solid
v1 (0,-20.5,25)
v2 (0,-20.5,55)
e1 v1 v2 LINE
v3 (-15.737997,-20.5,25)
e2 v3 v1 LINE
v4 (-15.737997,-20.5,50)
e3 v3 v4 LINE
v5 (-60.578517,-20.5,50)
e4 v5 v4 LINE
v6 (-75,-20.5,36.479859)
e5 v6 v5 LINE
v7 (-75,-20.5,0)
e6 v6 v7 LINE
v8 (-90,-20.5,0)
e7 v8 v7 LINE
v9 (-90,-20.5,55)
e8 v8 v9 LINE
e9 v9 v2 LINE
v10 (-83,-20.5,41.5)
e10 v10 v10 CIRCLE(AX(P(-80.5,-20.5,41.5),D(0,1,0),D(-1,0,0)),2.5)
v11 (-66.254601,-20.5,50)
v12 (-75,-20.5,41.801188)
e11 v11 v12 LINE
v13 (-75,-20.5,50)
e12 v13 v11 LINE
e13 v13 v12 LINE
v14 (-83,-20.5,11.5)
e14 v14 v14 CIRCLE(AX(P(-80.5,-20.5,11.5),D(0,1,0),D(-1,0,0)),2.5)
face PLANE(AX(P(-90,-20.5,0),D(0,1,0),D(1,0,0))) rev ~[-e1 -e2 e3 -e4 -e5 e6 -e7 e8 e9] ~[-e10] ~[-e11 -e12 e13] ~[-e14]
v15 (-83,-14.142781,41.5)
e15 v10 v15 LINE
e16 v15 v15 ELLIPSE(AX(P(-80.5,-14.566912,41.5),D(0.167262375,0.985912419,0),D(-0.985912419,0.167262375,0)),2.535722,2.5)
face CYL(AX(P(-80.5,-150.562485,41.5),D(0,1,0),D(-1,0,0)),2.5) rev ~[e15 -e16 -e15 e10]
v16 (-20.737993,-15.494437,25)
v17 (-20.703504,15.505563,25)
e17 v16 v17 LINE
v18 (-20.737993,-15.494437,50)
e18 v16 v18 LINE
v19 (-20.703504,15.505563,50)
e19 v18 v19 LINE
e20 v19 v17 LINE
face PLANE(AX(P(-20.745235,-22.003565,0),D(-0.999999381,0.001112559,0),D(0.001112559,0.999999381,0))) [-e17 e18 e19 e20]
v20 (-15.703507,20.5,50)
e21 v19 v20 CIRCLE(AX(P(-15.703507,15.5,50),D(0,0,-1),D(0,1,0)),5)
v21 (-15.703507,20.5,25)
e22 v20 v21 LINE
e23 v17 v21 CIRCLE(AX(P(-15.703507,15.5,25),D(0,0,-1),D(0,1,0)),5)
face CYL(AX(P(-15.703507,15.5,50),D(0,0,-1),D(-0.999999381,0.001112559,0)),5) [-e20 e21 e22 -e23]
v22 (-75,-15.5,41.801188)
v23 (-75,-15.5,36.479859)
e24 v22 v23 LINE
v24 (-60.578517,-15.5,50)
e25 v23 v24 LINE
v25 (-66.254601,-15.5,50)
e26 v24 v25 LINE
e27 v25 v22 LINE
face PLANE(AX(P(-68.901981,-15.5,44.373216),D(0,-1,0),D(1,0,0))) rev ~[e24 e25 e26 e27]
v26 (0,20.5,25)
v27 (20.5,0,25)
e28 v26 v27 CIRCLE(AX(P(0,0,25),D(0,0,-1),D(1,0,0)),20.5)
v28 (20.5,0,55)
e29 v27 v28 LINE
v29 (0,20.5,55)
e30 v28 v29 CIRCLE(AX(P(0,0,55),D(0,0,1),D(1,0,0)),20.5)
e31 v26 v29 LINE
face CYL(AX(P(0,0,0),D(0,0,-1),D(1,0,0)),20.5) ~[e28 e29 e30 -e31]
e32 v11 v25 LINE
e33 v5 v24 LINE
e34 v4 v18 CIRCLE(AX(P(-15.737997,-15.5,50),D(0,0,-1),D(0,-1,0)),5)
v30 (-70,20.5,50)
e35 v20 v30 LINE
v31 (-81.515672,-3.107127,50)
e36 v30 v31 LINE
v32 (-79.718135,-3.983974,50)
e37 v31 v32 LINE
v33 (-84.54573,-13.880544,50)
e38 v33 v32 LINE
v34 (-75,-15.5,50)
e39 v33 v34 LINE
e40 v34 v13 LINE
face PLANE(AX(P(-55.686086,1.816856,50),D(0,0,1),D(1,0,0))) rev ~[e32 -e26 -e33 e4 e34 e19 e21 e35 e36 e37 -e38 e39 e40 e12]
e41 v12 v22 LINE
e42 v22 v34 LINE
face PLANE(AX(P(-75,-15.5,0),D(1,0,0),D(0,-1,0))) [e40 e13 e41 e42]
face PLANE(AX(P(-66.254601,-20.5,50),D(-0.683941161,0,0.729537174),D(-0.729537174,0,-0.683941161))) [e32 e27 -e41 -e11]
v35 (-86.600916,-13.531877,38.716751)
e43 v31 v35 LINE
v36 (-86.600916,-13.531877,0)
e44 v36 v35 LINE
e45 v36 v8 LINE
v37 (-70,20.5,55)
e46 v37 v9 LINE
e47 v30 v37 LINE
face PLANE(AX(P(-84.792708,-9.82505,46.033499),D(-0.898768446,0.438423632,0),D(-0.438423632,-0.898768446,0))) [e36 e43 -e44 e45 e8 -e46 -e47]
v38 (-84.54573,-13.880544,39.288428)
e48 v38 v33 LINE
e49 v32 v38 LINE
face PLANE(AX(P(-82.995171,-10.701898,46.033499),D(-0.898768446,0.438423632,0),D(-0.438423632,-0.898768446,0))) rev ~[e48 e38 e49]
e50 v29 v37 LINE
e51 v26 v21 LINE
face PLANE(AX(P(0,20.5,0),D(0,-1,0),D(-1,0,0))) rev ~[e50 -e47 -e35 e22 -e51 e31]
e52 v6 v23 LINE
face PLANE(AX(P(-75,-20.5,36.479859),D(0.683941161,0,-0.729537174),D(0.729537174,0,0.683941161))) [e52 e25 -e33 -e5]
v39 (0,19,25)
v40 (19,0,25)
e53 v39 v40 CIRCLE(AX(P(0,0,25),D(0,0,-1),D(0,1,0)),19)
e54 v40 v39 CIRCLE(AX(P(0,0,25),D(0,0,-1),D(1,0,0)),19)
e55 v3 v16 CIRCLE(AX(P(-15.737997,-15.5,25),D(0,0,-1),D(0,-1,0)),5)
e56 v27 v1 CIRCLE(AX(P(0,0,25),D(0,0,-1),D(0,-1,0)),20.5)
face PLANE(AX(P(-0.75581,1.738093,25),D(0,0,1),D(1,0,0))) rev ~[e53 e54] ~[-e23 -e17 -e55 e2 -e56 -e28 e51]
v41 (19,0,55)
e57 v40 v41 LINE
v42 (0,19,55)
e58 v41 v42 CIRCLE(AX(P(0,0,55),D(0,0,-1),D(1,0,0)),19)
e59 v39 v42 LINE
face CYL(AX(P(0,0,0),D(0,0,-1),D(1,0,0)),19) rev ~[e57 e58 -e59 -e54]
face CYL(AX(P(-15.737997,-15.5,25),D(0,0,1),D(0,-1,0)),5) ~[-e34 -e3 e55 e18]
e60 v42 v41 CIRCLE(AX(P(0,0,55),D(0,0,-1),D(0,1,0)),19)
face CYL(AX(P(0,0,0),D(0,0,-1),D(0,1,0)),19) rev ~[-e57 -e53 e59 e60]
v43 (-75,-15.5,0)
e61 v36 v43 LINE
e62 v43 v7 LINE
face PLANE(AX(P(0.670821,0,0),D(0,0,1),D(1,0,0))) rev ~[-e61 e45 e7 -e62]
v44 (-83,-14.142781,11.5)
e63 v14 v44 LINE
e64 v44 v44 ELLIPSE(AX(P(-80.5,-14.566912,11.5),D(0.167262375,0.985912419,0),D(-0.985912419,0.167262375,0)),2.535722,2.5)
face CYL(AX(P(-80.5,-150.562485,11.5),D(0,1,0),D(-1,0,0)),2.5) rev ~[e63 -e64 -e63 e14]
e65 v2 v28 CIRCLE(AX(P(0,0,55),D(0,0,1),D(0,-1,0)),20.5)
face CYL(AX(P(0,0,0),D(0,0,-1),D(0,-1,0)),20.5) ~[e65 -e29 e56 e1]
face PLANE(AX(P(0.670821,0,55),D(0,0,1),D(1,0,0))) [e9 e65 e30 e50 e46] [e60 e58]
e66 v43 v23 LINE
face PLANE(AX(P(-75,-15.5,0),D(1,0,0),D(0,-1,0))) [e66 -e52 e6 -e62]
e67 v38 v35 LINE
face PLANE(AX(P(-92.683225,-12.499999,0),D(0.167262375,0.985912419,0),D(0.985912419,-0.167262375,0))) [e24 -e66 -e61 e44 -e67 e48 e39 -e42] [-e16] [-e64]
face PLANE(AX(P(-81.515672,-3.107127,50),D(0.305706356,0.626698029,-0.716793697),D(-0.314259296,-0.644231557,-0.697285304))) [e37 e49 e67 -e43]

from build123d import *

# Parameters (mm, degrees)
F1_DEPTH  = 55
F3_DEPTH  = 50
F4_W      = 46.6654431075
F4_H      = 57.836631313
F5_DEPTH  = 25
F6_R      = 5
F8_D      = 5
F10_DEPTH = 5
F12_DEPTH = 2


with BuildPart() as f1:
    # F0 (on Top) → F1 (new body)
    with BuildSketch(Plane.XY):
        with BuildLine():
            ThreePointArc((0, -20.5), (14.4956890143, -14.4956890143), (20.5, 0))
            ThreePointArc((20.5, 0), (14.4956890143, 14.4956890143), (0, 20.5))
            ThreePointArc((0, 20.5), (-20.5, 0), (0, -20.5))
        make_face()
        with BuildLine():
            ThreePointArc((19, 0), (-13.4350288425, -13.4350288425), (0, 19))
            ThreePointArc((0, 19), (13.4350288425, 13.4350288425), (19, 0))
        make_face(mode=Mode.SUBTRACT)
        with BuildLine():
            ThreePointArc((0, -20.5), (-20.5, 0), (0, 20.5))
            Line((0, 20.5), (-70, 20.5))
            Line((-70, 20.5), (-90, -20.5))
            Line((-90, -20.5), (0, -20.5))
        make_face()
    extrude(amount=F1_DEPTH)

    # F2 (on face) → F3 (cut)
    with BuildSketch(Plane.XY):
        Polygon((-20.693905686, 24.13287099), (-92.3021333856, 24.13287099), (-92.6832251204, -12.49999901), (-75, -15.5), (-75, -22.0035649836), (-20.7452352142, -22.0035649836), align=None)
    extrude(amount=F3_DEPTH, mode=Mode.SUBTRACT)

    # F4 (on face) → F5 (cut)
    with BuildSketch(Plane.XY):
        with Locations((-0.7558101788, 1.7380928621)):
            Rectangle(F4_W, F4_H)
    extrude(amount=F5_DEPTH, mode=Mode.SUBTRACT)

    # F6
    f6_edges = [f1.edges().sort_by_distance(p)[0] for p in [
        (-20.697947, 20.5, 37.5),
        (-20.743562, -20.5, 37.5),
    ]]
    fillet(f6_edges, radius=F6_R)

    # F8 (through all)
    with Locations(Plane.XZ.offset(20.5)):
        with Locations((-80.5, 41.5), (-80.5, 11.5)):
            Hole(F8_D / 2)

    # F9 (on face) → F10 (join)
    with BuildSketch(Plane.XZ.offset(20.5)):
        Polygon((-66.2546011695, 50), (-75, 41.8011878794), (-75, 36.4798588918), (-60.5785174124, 50), align=None)
    extrude(amount=-F10_DEPTH)

    # F11 (on face) → F12 (join)
    with BuildSketch(Plane(origin=(-64.6227775108, 31.5233061028, 0), x_dir=(-0.438423632, -0.8987684456, 0), z_dir=(-0.8987684456, 0.438423632, 0))):
        Polygon((50.1299122344, 50), (38.5309847388, 50), (50.1299122344, 38.7167511187), align=None)
    extrude(amount=-F12_DEPTH)


solid = f1.part
